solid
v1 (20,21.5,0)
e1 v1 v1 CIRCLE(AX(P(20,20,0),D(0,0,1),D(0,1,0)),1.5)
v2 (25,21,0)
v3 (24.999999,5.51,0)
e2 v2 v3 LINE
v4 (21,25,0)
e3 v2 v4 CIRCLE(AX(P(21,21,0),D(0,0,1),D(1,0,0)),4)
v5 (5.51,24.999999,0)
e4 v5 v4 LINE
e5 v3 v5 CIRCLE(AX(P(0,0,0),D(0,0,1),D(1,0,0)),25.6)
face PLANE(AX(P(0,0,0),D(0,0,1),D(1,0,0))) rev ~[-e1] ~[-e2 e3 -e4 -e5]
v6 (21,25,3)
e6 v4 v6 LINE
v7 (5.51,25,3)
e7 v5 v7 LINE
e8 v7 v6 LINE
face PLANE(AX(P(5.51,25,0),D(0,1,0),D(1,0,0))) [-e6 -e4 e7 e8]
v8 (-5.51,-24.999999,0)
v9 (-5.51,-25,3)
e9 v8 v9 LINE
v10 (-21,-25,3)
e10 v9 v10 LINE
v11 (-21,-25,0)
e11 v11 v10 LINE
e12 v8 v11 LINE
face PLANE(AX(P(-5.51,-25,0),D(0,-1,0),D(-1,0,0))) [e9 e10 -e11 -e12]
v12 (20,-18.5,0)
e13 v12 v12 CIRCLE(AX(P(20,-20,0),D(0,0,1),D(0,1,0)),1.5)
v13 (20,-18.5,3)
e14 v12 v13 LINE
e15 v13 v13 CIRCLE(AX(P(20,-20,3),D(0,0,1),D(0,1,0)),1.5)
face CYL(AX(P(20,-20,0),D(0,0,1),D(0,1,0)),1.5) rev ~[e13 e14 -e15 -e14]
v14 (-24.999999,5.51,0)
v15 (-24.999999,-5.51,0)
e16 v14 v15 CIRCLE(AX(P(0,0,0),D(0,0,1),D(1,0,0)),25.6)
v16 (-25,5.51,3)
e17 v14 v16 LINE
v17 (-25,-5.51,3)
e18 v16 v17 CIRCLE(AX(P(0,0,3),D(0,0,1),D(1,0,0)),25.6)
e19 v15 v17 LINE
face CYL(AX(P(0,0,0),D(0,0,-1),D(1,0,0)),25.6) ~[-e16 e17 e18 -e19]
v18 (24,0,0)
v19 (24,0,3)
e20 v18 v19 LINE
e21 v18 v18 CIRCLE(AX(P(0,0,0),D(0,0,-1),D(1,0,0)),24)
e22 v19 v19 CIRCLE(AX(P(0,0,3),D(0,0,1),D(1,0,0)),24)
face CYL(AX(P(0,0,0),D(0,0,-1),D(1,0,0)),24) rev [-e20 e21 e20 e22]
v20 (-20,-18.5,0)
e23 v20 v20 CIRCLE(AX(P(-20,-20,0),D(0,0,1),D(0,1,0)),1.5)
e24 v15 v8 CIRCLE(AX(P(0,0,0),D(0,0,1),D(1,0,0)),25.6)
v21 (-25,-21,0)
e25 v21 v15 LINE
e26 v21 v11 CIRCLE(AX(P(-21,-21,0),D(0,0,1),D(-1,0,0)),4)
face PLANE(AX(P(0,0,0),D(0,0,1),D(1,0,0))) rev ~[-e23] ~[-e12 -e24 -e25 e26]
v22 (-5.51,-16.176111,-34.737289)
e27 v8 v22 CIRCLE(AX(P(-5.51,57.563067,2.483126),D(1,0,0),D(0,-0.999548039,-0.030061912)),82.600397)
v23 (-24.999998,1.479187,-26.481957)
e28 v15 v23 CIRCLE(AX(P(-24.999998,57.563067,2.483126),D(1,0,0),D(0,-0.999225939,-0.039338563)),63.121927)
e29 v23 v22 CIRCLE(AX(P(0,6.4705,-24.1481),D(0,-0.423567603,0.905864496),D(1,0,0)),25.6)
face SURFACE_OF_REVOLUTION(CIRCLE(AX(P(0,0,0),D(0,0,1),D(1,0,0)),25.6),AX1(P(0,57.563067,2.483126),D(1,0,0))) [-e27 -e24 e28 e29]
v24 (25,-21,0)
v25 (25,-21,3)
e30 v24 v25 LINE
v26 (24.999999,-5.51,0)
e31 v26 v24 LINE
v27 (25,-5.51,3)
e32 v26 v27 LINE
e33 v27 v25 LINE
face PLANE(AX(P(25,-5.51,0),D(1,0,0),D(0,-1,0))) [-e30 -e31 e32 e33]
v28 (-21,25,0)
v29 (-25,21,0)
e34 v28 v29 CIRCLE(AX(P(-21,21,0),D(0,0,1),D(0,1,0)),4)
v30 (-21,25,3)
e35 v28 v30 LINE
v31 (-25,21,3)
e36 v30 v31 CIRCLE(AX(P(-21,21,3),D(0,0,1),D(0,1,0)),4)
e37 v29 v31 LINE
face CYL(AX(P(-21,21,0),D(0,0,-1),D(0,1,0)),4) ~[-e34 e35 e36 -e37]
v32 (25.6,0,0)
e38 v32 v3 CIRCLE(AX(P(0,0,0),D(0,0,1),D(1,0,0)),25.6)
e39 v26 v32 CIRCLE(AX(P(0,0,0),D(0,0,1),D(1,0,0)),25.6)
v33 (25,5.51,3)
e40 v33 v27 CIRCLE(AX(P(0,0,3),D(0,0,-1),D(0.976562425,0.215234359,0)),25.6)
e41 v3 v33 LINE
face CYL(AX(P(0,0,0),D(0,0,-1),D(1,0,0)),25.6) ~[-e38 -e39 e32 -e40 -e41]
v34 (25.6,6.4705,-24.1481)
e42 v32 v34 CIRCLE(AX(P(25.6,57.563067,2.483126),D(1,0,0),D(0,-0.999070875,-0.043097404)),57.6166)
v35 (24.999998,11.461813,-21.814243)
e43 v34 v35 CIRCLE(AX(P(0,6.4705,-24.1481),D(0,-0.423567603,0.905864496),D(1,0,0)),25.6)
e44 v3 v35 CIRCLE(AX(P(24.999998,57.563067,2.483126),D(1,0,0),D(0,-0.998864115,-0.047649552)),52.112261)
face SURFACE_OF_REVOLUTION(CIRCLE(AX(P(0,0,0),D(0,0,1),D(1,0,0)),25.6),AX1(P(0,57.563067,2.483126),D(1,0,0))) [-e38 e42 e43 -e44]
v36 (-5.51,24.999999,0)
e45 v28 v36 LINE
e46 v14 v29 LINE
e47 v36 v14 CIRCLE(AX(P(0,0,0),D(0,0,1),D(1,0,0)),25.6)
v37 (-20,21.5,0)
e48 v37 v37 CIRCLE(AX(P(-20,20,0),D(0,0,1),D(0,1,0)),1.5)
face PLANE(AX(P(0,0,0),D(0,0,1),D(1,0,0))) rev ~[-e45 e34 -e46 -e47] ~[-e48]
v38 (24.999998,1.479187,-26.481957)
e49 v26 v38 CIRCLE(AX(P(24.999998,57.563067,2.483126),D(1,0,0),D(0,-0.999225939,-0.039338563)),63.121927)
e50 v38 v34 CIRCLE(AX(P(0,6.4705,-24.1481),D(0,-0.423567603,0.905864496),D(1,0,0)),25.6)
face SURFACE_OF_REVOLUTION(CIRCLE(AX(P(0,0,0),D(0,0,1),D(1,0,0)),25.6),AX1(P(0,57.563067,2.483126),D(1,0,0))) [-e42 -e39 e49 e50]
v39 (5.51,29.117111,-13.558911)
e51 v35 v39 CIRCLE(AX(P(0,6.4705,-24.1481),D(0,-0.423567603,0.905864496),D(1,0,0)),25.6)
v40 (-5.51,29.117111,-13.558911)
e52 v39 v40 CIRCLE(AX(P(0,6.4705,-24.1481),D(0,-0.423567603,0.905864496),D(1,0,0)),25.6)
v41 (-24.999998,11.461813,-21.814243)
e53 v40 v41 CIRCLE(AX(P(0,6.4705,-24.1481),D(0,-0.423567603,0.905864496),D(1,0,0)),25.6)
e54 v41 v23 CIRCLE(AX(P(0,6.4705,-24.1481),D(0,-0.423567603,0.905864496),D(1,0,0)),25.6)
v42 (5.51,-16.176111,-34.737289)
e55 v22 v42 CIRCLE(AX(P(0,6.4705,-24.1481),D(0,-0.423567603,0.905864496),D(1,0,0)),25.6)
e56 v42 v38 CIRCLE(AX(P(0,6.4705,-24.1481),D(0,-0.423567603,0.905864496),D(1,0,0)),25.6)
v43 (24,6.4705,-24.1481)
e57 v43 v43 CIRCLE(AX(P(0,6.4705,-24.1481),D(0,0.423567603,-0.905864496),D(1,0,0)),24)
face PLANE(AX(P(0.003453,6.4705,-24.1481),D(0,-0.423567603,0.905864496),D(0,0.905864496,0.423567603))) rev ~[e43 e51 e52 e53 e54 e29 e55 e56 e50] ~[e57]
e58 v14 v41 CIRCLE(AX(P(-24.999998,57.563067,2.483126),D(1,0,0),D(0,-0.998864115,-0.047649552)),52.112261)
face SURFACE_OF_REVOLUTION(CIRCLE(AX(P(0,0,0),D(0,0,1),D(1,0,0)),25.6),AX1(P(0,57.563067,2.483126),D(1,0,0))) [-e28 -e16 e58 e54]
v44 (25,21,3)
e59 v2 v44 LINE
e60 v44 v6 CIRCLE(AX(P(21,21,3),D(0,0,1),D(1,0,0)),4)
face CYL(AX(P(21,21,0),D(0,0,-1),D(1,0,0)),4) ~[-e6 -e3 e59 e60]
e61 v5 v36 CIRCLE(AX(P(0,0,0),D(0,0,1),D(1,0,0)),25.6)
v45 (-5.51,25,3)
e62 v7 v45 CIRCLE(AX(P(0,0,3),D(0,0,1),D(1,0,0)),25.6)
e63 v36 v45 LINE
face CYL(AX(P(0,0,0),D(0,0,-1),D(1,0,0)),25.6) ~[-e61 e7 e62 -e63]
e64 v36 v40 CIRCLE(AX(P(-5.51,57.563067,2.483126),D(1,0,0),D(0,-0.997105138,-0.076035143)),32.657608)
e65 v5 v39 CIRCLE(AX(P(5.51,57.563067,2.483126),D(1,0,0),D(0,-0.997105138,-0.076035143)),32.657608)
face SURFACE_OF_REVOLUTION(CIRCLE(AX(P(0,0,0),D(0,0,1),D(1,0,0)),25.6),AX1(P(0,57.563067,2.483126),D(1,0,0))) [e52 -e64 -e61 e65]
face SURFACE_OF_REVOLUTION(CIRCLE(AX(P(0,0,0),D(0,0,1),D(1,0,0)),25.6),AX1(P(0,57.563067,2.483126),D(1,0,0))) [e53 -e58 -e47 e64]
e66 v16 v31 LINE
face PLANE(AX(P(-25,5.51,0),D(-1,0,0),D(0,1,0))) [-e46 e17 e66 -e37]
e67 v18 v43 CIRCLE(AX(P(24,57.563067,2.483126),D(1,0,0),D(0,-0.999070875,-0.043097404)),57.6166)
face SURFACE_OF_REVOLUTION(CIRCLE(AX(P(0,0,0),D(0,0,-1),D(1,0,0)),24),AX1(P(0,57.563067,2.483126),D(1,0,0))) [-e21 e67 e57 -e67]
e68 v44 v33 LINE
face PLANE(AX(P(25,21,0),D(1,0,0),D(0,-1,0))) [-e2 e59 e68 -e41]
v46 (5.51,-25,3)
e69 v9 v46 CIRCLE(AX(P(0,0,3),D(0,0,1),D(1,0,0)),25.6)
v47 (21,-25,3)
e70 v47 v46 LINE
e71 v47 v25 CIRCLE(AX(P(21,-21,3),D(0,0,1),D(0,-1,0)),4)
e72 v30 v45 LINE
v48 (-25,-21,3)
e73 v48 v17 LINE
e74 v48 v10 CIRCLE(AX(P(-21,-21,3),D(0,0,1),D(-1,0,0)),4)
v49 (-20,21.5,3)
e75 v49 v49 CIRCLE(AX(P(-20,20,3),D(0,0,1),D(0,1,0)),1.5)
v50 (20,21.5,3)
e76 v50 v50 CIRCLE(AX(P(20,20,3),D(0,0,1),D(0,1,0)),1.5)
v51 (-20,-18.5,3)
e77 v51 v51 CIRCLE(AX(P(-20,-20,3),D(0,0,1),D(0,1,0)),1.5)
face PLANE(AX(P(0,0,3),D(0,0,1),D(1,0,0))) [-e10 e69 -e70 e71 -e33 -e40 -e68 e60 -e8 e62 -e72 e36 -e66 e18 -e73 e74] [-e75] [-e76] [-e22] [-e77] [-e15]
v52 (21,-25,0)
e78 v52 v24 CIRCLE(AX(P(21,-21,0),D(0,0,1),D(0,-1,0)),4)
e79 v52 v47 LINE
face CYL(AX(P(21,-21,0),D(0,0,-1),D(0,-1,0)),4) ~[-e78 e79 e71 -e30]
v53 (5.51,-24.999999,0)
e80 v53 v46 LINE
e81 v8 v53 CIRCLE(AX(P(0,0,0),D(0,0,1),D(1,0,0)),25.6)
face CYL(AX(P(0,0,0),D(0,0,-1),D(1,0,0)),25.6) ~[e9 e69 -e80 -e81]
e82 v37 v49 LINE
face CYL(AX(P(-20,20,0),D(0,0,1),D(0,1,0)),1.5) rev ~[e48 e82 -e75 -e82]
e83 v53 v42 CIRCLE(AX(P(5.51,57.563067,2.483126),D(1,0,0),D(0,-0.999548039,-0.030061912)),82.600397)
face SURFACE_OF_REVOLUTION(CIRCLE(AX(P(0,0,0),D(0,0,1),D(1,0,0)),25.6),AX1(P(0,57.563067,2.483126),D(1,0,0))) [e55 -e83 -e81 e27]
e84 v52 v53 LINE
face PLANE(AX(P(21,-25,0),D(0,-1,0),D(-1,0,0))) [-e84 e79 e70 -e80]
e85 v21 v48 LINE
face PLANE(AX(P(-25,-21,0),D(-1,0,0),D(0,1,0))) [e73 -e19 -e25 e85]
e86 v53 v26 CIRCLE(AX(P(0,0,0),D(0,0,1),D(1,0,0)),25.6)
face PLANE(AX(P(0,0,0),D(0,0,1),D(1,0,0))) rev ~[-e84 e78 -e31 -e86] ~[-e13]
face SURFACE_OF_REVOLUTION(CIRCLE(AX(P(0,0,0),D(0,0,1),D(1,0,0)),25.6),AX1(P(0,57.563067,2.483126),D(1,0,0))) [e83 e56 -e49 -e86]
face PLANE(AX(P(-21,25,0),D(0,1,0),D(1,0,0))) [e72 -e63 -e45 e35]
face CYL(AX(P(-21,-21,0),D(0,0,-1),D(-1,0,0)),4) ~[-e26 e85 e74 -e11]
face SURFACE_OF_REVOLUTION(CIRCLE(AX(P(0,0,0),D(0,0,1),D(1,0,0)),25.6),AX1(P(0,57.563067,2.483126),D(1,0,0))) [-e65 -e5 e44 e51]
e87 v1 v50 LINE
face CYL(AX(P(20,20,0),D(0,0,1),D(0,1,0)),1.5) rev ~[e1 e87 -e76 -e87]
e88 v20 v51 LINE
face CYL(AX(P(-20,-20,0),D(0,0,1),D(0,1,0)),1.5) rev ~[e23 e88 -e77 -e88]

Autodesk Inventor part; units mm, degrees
ref_plane "YZ Plane" through (0, 0, 0) normal (1, 0, 0) x (0, 1, 0)
ref_plane "XZ Plane" through (0, 0, 0) normal (0, 1, 0) x (-1, 0, 0)
ref_plane "XY Plane" through (0, 0, 0) normal (0, 0, 1) x (1, 0, 0)
sketch "Szkic1" plane through (0, 0, 0) normal (0, 0, 1) x (1, 0, 0)
  circle A0 centre (0, 0) radius 24
  circle A1 centre (0, 0) radius 25.6
  line L0 (-21, 25) -> (-5.51, 25)
  line L1 (5.51, 25) -> (21, 25)
  line L2 (-25, -21) -> (-25, -5.51)
  line L3 (-25, 5.51) -> (-25, 21)
  line L4 (25, 21) -> (25, 5.51)
  line L5 (25, -5.51) -> (25, -21)
  line L6 (21, -25) -> (5.51, -25)
  line L7 (-5.51, -25) -> (-21, -25)
  arc A2 (-21, 25) -> (-25, 21) centre (-21, 21) ccw
  arc A3 (25, 21) -> (21, 25) centre (21, 21) ccw
  arc A4 (21, -25) -> (25, -21) centre (21, -21) ccw
  arc A5 (-25, -21) -> (-21, -25) centre (-21, -21) ccw
  point P0 (-25, 25)
  point P1 (25, -25)
  point P2 (25, 25)
  point P3 (-20, 20)
  point P4 (20, 20)
  point P5 (-20, -20)
  point P6 (20, -20)
  dimension "d0" = 48
  dimension "d1" = 50
  dimension "d2" = 50
  dimension "d5" = 40
  dimension "d6" = 40
  dimension "d7" = 20
  dimension "d8" = 20
  dimension "d9" = 1.6
  dimension "d10" = 4
sketch "Szkic2" plane through (0, 0, 0) normal (1, 0, 0) x (0, 1, 0)
  arc A0 (0, 0) -> (6.4705, -24.1481) centre (57.5642, 2.4833) ccw
  line L0 (0, 0) -> (6.4705, -24.1481) construction
  line L1 (0, 0) -> (25, 0) construction
  dimension "d11" = 25
  dimension "d12" = 75
sweep "Przeciągnięcie1" add profiles "Szkic1" path "Szkic2" contours A1
extrude "Wyciągnięcie proste1" add sketch "Szkic1" along normal blind 3
hole "Otwór1" at (-20, 20, 0) at (20, 20, 0) at (-20, -20, 0) at (20, -20, 0) direction (0, 0, 1) diameter 3 end through all
properties part number "3DP_ABS_Electronics_Colling_Tunnel"
